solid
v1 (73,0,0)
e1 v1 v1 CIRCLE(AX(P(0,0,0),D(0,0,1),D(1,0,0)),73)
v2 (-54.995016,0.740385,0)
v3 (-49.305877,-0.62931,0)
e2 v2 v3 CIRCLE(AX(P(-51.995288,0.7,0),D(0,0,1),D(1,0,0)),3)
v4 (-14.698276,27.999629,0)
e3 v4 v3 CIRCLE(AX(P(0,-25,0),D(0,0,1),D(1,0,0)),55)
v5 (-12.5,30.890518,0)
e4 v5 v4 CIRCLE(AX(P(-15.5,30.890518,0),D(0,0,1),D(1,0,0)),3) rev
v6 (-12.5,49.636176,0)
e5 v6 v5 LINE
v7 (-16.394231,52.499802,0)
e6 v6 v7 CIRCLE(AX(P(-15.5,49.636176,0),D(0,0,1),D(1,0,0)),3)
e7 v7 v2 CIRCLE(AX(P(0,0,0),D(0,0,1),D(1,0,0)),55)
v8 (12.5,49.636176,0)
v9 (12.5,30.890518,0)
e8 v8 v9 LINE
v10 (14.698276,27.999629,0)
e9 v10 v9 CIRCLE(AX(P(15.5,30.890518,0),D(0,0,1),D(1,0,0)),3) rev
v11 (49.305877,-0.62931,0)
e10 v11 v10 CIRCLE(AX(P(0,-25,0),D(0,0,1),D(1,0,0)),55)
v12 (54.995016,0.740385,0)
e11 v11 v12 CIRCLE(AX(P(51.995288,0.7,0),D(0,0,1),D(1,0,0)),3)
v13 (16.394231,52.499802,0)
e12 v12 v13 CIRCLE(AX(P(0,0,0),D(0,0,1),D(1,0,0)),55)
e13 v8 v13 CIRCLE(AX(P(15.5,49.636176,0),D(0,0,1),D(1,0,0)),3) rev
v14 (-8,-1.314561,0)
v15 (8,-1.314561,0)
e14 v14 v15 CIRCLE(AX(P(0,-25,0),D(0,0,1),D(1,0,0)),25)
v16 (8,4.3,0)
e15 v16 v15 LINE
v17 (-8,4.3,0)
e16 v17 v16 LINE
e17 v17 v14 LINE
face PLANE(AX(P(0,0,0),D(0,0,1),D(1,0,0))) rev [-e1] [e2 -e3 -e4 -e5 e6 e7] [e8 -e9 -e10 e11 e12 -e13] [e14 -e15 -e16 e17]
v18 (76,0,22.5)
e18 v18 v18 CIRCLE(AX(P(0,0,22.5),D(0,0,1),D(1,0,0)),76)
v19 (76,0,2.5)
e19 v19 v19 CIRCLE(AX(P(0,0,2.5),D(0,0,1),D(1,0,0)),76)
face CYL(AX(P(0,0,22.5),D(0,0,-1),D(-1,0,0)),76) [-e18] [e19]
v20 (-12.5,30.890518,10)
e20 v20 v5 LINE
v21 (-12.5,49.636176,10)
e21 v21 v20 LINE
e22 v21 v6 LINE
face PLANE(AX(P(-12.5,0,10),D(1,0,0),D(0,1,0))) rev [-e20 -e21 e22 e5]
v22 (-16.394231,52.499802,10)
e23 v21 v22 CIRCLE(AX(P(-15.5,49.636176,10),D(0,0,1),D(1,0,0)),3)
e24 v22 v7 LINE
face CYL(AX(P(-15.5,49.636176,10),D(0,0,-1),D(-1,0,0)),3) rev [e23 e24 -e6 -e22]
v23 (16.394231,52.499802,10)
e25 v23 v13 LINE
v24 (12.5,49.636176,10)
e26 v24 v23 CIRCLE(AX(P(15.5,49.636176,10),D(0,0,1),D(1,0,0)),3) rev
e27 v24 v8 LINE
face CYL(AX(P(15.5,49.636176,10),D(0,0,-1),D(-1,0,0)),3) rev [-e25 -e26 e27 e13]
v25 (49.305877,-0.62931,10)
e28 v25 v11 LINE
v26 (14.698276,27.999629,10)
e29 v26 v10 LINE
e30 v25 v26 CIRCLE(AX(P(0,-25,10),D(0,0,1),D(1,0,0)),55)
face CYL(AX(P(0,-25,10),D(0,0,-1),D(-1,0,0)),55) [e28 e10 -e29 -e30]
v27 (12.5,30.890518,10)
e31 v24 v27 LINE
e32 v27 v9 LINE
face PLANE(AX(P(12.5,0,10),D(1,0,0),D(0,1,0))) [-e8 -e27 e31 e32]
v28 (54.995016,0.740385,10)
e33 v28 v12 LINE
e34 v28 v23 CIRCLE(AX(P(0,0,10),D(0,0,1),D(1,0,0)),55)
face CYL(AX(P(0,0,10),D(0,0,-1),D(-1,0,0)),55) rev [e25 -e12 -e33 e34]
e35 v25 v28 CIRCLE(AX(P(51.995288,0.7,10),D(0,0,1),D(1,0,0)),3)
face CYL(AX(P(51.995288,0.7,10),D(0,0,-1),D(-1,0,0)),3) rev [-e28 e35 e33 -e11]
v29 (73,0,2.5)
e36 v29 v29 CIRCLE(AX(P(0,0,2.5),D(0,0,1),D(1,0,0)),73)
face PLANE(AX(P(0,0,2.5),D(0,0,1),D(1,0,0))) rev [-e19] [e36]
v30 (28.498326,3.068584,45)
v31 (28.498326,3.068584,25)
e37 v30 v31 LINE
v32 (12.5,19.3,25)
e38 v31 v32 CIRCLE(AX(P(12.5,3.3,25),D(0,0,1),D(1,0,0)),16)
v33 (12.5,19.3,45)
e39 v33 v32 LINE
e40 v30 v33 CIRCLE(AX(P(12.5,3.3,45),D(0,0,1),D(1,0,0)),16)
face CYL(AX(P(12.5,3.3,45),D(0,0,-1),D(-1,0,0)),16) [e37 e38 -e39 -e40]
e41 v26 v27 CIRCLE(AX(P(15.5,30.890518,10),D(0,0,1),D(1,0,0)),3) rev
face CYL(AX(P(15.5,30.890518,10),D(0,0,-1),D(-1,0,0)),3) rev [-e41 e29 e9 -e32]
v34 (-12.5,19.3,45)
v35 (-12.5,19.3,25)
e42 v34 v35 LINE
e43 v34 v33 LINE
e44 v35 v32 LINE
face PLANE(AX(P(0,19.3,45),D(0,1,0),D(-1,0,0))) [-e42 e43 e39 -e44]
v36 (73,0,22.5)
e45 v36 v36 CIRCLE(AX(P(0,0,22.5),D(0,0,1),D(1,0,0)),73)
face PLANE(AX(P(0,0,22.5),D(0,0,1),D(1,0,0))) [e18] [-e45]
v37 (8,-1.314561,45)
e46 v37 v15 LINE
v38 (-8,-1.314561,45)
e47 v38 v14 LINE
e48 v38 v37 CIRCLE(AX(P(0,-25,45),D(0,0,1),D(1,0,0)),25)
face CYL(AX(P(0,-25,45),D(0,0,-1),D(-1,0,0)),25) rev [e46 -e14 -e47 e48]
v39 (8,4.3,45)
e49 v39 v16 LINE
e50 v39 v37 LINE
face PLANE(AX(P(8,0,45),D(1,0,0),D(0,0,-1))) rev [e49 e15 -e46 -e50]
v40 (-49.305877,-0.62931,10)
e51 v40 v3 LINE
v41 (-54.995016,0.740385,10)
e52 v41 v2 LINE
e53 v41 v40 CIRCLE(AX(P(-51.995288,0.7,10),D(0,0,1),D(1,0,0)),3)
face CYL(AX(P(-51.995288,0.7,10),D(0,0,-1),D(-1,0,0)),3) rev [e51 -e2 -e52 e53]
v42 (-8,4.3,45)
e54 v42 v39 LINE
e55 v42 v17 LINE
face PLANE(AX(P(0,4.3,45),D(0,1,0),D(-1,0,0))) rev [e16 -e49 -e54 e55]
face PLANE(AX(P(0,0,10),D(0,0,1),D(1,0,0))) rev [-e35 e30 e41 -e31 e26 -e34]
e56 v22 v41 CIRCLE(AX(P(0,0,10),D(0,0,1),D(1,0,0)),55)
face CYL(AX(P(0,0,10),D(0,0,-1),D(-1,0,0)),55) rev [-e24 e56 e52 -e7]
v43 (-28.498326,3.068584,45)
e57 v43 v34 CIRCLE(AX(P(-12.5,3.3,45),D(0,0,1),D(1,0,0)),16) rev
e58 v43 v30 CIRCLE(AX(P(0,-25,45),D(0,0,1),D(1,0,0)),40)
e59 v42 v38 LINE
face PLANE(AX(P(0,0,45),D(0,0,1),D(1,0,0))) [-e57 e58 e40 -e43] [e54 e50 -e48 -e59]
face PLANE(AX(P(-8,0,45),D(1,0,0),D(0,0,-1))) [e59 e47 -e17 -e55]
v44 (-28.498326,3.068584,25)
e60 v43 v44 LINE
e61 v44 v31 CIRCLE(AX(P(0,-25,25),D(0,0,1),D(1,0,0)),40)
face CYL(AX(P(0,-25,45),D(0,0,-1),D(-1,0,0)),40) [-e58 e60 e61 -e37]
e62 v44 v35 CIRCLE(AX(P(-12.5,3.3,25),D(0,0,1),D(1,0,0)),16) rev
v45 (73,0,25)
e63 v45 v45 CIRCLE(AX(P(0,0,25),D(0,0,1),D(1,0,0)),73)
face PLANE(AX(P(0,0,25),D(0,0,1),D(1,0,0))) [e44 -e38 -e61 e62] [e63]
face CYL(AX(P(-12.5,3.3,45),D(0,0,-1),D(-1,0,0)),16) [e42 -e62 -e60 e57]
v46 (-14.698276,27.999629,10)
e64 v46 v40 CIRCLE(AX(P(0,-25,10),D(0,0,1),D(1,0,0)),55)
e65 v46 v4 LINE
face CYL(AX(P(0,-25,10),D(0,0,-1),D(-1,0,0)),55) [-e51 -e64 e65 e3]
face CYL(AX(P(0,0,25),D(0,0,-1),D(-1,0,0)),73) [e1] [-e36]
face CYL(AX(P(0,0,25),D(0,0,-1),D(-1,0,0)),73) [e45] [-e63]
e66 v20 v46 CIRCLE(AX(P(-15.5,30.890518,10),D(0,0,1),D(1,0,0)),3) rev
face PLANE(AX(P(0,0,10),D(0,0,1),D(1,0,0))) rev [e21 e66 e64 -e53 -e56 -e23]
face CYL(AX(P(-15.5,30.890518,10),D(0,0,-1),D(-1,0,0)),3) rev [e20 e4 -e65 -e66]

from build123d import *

# Parameters (mm, degrees)
SKETCH1_R           = 73
BOSS_EXTRUDE1_DEPTH = 25
BOSS_EXTRUDE2_START = 2.5
SKETCH1_3_R         = 76
SKETCH1_3_R_2       = 73
BOSS_EXTRUDE2_DEPTH = 20
BOSS_EXTRUDE3_DEPTH = 45
CUT_EXTRUDE1_DEPTH  = 10


with BuildPart() as part:
    # Sketch1 → Boss-Extrude1 (new body)
    with BuildSketch(Plane.XY):
        Circle(SKETCH1_R)
        with BuildLine():
            ThreePointArc((-28.498326366, 3.06858376), (-23.895232771, 14.5315925), (-12.5, 19.3))
            Line((-12.5, 19.3), (12.5, 19.3))
            ThreePointArc((12.5, 19.3), (23.895232771, 14.5315925), (28.498326366, 3.06858376))
            ThreePointArc((28.498326366, 3.06858376), (0, -65), (-28.498326366, 3.06858376))
        make_face(mode=Mode.SUBTRACT)
    extrude(amount=BOSS_EXTRUDE1_DEPTH)

    # Sketch1<3> → Boss-Extrude2 (add)
    with BuildSketch(Plane.XY.offset(BOSS_EXTRUDE2_START)):
        Circle(SKETCH1_3_R)
        Circle(SKETCH1_3_R_2, mode=Mode.SUBTRACT)
    extrude(amount=BOSS_EXTRUDE2_DEPTH)

    # Sketch1<4> → Boss-Extrude3 (add)
    with BuildSketch(Plane.XY):
        with BuildLine():
            Line((12.5, 19.3), (-12.5, 19.3))
            ThreePointArc((-12.5, 19.3), (-23.895232771, 14.5315925), (-28.498326366, 3.06858376))
            ThreePointArc((-28.498326366, 3.06858376), (0, -65), (28.498326366, 3.06858376))
            ThreePointArc((28.498326366, 3.06858376), (23.895232771, 14.5315925), (12.5, 19.3))
        make_face()
        with BuildLine():
            Line((-8, -1.314561435), (-8, 4.3))
            Line((-8, 4.3), (8, 4.3))
            Line((8, 4.3), (8, -1.314561435))
            ThreePointArc((8, -1.314561435), (0, -50), (-8, -1.314561435))
        make_face(mode=Mode.SUBTRACT)
    extrude(amount=BOSS_EXTRUDE3_DEPTH)

    # Sketch1<5> → Cut-Extrude1 (cut)
    with BuildSketch(Plane.XY):
        with BuildLine():
            ThreePointArc((16.394230769, 52.49980188), (13.722739792, 52.053064023), (12.5, 49.636176323))
            Line((12.5, 49.636176323), (12.5, 30.890517979))
            ThreePointArc((12.5, 30.890517979), (13.111991163, 29.074639736), (14.698275862, 27.999629118))
            ThreePointArc((14.698275862, 27.999629118), (35.057623034, 17.378804457), (49.305876787, -0.629310345))
            ThreePointArc((49.305876787, -0.629310345), (52.697492054, -2.21666073), (54.995016416, 0.740384615))
            ThreePointArc((54.995016416, 0.740384615), (44.089289769, 32.880610208), (16.394230769, 52.49980188))
        make_face()
        with BuildLine():
            Line((-12.5, 30.890517979), (-12.5, 49.636176323))
            ThreePointArc((-12.5, 49.636176323), (-13.722739792, 52.053064023), (-16.394230769, 52.49980188))
            ThreePointArc((-16.394230769, 52.49980188), (-44.089289769, 32.880610208), (-54.995016416, 0.740384615))
            ThreePointArc((-54.995016416, 0.740384615), (-52.697492054, -2.21666073), (-49.305876787, -0.629310345))
            ThreePointArc((-49.305876787, -0.629310345), (-35.057623034, 17.378804457), (-14.698275862, 27.999629118))
            ThreePointArc((-14.698275862, 27.999629118), (-13.111991163, 29.074639736), (-12.5, 30.890517979))
        make_face()
    extrude(amount=CUT_EXTRUDE1_DEPTH, mode=Mode.SUBTRACT)


solid = part.part
